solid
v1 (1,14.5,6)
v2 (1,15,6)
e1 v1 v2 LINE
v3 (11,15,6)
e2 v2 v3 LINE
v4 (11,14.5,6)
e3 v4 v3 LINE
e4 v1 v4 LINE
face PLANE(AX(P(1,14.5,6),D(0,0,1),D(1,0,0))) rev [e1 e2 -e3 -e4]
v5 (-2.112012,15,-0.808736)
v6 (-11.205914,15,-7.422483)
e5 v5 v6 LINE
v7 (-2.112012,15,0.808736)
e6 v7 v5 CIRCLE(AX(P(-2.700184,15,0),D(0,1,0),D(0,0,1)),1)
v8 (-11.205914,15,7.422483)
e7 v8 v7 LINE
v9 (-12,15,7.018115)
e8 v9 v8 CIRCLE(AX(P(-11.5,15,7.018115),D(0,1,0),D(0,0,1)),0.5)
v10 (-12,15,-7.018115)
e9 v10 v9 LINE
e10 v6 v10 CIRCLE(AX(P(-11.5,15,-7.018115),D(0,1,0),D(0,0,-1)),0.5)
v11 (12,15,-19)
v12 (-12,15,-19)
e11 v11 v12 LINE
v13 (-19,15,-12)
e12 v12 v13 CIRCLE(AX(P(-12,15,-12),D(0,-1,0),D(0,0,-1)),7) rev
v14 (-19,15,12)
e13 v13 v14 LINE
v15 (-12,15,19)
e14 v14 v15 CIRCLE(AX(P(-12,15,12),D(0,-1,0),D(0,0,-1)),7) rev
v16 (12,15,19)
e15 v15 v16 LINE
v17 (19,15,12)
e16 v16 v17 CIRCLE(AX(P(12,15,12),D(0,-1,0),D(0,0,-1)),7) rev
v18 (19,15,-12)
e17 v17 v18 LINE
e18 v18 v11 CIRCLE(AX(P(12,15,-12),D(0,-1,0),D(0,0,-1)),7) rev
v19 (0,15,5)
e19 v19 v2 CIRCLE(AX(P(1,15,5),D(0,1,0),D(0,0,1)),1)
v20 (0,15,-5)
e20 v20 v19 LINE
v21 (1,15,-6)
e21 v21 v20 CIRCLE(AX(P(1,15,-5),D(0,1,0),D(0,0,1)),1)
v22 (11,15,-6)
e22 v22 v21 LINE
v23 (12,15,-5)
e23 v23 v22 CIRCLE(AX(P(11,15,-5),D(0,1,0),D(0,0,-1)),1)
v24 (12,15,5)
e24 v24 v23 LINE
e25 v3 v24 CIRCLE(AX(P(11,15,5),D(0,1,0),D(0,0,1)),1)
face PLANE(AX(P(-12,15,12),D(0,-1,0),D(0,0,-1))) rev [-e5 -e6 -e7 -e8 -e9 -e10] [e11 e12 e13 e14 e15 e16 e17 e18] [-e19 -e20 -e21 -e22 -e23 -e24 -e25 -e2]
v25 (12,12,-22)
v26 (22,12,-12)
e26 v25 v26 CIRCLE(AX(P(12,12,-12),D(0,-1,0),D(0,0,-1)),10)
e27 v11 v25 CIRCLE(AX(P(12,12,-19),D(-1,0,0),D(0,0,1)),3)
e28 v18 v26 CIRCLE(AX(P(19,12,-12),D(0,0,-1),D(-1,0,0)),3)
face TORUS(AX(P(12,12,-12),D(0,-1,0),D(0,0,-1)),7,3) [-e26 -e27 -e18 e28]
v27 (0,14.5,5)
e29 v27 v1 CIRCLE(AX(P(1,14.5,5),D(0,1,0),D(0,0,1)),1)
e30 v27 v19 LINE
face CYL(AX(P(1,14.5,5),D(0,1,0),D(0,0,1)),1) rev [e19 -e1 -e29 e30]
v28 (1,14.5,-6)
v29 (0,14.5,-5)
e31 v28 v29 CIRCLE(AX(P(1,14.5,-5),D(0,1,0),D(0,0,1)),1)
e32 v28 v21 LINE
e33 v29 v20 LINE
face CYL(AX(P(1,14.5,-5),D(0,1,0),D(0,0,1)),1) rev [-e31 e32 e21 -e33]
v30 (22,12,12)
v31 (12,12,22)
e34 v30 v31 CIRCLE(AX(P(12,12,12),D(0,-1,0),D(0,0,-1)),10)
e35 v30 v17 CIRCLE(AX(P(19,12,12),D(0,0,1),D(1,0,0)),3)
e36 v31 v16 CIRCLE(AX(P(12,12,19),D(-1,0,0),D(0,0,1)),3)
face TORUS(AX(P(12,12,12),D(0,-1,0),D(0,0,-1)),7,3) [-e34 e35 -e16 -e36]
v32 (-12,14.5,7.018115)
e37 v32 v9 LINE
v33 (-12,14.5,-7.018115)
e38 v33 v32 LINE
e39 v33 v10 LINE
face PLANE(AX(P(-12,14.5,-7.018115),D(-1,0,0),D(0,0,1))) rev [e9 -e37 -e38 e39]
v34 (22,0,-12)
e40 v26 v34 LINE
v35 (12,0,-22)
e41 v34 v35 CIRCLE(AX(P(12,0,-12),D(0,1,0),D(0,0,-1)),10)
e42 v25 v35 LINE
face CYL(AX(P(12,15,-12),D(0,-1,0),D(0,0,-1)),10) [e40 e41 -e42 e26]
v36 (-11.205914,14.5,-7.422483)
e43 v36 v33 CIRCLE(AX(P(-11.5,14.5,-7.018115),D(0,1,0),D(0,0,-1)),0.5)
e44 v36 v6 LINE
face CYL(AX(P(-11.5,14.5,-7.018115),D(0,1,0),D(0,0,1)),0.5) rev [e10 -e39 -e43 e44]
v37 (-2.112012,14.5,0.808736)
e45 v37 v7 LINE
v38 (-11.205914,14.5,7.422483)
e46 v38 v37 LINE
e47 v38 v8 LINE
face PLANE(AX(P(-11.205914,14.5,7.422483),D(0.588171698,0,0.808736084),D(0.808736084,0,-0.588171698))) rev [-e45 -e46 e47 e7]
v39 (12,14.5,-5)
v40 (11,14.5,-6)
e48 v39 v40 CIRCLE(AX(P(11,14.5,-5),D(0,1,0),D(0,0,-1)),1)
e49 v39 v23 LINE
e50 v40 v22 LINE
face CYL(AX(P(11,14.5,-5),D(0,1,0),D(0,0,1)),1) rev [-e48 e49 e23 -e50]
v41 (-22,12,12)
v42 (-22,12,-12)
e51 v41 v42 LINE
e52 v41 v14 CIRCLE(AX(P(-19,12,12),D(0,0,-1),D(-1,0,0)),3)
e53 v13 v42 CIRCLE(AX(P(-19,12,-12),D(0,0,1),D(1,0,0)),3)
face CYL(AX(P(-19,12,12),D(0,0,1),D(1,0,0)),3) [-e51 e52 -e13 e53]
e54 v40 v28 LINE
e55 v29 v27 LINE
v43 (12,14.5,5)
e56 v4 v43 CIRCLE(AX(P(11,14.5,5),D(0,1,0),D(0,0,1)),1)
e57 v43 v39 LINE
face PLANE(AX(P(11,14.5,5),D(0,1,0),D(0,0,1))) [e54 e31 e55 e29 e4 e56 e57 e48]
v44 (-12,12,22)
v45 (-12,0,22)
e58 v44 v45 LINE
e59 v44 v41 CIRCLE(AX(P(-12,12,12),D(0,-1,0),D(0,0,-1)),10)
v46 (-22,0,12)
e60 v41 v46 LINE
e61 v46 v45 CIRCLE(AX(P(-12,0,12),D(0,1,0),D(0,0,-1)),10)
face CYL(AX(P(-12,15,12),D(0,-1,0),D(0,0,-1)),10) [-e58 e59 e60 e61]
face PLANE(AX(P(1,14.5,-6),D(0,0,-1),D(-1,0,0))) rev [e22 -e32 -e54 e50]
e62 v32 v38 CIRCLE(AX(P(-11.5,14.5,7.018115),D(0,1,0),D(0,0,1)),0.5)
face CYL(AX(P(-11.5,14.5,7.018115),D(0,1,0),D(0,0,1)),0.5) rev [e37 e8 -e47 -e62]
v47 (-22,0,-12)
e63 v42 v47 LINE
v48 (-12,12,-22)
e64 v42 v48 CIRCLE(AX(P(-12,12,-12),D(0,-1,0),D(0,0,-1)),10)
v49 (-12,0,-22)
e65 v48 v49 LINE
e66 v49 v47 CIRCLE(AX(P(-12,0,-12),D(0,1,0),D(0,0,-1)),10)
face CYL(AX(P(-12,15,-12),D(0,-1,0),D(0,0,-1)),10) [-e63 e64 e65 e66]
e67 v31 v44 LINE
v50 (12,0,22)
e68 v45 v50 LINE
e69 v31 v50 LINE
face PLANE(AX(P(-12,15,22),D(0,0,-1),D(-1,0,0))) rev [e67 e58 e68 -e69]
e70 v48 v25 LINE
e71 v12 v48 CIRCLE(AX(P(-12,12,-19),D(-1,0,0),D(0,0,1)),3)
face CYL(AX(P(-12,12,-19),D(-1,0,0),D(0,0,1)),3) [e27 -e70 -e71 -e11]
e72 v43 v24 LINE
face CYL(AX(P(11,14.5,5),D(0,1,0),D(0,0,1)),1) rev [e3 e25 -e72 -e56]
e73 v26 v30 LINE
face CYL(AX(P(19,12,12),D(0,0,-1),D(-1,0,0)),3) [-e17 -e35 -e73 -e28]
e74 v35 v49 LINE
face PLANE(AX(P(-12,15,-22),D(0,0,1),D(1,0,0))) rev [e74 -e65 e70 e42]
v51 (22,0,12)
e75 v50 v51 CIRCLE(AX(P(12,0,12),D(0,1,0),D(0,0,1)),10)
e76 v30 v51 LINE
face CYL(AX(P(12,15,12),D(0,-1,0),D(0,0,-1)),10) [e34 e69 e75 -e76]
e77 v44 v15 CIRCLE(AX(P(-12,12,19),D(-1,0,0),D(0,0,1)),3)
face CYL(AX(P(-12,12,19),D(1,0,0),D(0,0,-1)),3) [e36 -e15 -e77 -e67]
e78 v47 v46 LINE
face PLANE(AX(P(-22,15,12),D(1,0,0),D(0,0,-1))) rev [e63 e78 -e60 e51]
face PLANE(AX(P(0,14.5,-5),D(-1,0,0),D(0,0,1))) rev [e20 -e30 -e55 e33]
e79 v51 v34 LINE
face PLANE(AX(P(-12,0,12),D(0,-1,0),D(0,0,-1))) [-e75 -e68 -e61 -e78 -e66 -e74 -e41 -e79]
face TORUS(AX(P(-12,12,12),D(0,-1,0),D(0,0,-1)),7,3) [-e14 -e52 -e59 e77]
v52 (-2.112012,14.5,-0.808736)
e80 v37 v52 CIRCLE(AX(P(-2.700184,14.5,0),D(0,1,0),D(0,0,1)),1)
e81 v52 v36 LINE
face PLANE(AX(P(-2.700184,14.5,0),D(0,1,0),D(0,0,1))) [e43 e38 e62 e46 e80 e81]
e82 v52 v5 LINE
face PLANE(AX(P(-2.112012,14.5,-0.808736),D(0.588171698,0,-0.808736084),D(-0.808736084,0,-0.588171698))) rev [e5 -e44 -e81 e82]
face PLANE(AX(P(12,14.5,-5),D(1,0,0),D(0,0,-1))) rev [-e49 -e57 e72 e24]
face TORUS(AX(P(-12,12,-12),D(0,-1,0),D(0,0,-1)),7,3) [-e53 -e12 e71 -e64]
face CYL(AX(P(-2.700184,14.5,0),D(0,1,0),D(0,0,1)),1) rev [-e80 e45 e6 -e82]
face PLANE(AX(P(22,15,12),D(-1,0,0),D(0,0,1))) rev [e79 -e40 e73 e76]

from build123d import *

# Parameters (mm, degrees)
BOSS_EXTRU_1_DEPTH      = 15
CONG_1_R                = 3
ENL_V_MAT_EXTRU_1_DEPTH = 0.5


with BuildPart() as part:
    # Esquisse1 → Boss.-Extru.1 (new body)
    with BuildSketch(Plane(origin=(0, 0, 0), x_dir=(1, 0, 0), z_dir=(0, 1, 0))):
        with BuildLine():
            Line((-12, -22), (12, -22))
            ThreePointArc((12, -22), (19.071067812, -19.071067812), (22, -12))
            Line((22, -12), (22, 12))
            ThreePointArc((22, 12), (19.071067812, 19.071067812), (12, 22))
            Line((12, 22), (-12, 22))
            ThreePointArc((-12, 22), (-19.071067812, 19.071067812), (-22, 12))
            Line((-22, 12), (-22, -12))
            ThreePointArc((-22, -12), (-19.071067812, -19.071067812), (-12, -22))
        make_face()
    extrude(amount=BOSS_EXTRU_1_DEPTH)

    # Congé1
    cong_1_edges = [part.edges().sort_by_distance(p)[0] for p in [
        (19.071067812, 15, 19.071067812),
        (22, 15, 0),
        (19.071067812, 15, -19.071067812),
        (0, 15, -22),
        (-19.071067812, 15, -19.071067812),
        (-22, 15, 0),
        (-19.071067812, 15, 19.071067812),
        (0, 15, 22),
    ]]
    fillet(cong_1_edges, radius=CONG_1_R)

    # Esquisse2 → Enlèv. mat.-Extru.1 (cut)
    with BuildSketch(Plane(origin=(0, 15, 0), x_dir=(1, 0, 0), z_dir=(0, 1, 0))):
        with BuildLine():
            Line((-12, 7.018114977), (-12, -7.018114977))
            ThreePointArc((-12, -7.018114977), (-11.726888823, -7.46367245), (-11.205914151, -7.422483019))
            Line((-11.205914151, -7.422483019), (-2.112012116, -0.808736084))
            ThreePointArc((-2.112012116, -0.808736084), (-1.700183814, 0), (-2.112012116, 0.808736084))
            Line((-2.112012116, 0.808736084), (-11.205914151, 7.422483019))
            ThreePointArc((-11.205914151, 7.422483019), (-11.726888823, 7.46367245), (-12, 7.018114977))
        make_face()
        with BuildLine():
            Line((1, 6), (11, 6))
            ThreePointArc((11, 6), (11.707106781, 5.707106781), (12, 5))
            Line((12, 5), (12, -5))
            ThreePointArc((12, -5), (11.707106781, -5.707106781), (11, -6))
            Line((11, -6), (1, -6))
            ThreePointArc((1, -6), (0.292893219, -5.707106781), (0, -5))
            Line((0, -5), (0, 5))
            ThreePointArc((0, 5), (0.292893219, 5.707106781), (1, 6))
        make_face()
    extrude(amount=-ENL_V_MAT_EXTRU_1_DEPTH, mode=Mode.SUBTRACT)


solid = part.part
